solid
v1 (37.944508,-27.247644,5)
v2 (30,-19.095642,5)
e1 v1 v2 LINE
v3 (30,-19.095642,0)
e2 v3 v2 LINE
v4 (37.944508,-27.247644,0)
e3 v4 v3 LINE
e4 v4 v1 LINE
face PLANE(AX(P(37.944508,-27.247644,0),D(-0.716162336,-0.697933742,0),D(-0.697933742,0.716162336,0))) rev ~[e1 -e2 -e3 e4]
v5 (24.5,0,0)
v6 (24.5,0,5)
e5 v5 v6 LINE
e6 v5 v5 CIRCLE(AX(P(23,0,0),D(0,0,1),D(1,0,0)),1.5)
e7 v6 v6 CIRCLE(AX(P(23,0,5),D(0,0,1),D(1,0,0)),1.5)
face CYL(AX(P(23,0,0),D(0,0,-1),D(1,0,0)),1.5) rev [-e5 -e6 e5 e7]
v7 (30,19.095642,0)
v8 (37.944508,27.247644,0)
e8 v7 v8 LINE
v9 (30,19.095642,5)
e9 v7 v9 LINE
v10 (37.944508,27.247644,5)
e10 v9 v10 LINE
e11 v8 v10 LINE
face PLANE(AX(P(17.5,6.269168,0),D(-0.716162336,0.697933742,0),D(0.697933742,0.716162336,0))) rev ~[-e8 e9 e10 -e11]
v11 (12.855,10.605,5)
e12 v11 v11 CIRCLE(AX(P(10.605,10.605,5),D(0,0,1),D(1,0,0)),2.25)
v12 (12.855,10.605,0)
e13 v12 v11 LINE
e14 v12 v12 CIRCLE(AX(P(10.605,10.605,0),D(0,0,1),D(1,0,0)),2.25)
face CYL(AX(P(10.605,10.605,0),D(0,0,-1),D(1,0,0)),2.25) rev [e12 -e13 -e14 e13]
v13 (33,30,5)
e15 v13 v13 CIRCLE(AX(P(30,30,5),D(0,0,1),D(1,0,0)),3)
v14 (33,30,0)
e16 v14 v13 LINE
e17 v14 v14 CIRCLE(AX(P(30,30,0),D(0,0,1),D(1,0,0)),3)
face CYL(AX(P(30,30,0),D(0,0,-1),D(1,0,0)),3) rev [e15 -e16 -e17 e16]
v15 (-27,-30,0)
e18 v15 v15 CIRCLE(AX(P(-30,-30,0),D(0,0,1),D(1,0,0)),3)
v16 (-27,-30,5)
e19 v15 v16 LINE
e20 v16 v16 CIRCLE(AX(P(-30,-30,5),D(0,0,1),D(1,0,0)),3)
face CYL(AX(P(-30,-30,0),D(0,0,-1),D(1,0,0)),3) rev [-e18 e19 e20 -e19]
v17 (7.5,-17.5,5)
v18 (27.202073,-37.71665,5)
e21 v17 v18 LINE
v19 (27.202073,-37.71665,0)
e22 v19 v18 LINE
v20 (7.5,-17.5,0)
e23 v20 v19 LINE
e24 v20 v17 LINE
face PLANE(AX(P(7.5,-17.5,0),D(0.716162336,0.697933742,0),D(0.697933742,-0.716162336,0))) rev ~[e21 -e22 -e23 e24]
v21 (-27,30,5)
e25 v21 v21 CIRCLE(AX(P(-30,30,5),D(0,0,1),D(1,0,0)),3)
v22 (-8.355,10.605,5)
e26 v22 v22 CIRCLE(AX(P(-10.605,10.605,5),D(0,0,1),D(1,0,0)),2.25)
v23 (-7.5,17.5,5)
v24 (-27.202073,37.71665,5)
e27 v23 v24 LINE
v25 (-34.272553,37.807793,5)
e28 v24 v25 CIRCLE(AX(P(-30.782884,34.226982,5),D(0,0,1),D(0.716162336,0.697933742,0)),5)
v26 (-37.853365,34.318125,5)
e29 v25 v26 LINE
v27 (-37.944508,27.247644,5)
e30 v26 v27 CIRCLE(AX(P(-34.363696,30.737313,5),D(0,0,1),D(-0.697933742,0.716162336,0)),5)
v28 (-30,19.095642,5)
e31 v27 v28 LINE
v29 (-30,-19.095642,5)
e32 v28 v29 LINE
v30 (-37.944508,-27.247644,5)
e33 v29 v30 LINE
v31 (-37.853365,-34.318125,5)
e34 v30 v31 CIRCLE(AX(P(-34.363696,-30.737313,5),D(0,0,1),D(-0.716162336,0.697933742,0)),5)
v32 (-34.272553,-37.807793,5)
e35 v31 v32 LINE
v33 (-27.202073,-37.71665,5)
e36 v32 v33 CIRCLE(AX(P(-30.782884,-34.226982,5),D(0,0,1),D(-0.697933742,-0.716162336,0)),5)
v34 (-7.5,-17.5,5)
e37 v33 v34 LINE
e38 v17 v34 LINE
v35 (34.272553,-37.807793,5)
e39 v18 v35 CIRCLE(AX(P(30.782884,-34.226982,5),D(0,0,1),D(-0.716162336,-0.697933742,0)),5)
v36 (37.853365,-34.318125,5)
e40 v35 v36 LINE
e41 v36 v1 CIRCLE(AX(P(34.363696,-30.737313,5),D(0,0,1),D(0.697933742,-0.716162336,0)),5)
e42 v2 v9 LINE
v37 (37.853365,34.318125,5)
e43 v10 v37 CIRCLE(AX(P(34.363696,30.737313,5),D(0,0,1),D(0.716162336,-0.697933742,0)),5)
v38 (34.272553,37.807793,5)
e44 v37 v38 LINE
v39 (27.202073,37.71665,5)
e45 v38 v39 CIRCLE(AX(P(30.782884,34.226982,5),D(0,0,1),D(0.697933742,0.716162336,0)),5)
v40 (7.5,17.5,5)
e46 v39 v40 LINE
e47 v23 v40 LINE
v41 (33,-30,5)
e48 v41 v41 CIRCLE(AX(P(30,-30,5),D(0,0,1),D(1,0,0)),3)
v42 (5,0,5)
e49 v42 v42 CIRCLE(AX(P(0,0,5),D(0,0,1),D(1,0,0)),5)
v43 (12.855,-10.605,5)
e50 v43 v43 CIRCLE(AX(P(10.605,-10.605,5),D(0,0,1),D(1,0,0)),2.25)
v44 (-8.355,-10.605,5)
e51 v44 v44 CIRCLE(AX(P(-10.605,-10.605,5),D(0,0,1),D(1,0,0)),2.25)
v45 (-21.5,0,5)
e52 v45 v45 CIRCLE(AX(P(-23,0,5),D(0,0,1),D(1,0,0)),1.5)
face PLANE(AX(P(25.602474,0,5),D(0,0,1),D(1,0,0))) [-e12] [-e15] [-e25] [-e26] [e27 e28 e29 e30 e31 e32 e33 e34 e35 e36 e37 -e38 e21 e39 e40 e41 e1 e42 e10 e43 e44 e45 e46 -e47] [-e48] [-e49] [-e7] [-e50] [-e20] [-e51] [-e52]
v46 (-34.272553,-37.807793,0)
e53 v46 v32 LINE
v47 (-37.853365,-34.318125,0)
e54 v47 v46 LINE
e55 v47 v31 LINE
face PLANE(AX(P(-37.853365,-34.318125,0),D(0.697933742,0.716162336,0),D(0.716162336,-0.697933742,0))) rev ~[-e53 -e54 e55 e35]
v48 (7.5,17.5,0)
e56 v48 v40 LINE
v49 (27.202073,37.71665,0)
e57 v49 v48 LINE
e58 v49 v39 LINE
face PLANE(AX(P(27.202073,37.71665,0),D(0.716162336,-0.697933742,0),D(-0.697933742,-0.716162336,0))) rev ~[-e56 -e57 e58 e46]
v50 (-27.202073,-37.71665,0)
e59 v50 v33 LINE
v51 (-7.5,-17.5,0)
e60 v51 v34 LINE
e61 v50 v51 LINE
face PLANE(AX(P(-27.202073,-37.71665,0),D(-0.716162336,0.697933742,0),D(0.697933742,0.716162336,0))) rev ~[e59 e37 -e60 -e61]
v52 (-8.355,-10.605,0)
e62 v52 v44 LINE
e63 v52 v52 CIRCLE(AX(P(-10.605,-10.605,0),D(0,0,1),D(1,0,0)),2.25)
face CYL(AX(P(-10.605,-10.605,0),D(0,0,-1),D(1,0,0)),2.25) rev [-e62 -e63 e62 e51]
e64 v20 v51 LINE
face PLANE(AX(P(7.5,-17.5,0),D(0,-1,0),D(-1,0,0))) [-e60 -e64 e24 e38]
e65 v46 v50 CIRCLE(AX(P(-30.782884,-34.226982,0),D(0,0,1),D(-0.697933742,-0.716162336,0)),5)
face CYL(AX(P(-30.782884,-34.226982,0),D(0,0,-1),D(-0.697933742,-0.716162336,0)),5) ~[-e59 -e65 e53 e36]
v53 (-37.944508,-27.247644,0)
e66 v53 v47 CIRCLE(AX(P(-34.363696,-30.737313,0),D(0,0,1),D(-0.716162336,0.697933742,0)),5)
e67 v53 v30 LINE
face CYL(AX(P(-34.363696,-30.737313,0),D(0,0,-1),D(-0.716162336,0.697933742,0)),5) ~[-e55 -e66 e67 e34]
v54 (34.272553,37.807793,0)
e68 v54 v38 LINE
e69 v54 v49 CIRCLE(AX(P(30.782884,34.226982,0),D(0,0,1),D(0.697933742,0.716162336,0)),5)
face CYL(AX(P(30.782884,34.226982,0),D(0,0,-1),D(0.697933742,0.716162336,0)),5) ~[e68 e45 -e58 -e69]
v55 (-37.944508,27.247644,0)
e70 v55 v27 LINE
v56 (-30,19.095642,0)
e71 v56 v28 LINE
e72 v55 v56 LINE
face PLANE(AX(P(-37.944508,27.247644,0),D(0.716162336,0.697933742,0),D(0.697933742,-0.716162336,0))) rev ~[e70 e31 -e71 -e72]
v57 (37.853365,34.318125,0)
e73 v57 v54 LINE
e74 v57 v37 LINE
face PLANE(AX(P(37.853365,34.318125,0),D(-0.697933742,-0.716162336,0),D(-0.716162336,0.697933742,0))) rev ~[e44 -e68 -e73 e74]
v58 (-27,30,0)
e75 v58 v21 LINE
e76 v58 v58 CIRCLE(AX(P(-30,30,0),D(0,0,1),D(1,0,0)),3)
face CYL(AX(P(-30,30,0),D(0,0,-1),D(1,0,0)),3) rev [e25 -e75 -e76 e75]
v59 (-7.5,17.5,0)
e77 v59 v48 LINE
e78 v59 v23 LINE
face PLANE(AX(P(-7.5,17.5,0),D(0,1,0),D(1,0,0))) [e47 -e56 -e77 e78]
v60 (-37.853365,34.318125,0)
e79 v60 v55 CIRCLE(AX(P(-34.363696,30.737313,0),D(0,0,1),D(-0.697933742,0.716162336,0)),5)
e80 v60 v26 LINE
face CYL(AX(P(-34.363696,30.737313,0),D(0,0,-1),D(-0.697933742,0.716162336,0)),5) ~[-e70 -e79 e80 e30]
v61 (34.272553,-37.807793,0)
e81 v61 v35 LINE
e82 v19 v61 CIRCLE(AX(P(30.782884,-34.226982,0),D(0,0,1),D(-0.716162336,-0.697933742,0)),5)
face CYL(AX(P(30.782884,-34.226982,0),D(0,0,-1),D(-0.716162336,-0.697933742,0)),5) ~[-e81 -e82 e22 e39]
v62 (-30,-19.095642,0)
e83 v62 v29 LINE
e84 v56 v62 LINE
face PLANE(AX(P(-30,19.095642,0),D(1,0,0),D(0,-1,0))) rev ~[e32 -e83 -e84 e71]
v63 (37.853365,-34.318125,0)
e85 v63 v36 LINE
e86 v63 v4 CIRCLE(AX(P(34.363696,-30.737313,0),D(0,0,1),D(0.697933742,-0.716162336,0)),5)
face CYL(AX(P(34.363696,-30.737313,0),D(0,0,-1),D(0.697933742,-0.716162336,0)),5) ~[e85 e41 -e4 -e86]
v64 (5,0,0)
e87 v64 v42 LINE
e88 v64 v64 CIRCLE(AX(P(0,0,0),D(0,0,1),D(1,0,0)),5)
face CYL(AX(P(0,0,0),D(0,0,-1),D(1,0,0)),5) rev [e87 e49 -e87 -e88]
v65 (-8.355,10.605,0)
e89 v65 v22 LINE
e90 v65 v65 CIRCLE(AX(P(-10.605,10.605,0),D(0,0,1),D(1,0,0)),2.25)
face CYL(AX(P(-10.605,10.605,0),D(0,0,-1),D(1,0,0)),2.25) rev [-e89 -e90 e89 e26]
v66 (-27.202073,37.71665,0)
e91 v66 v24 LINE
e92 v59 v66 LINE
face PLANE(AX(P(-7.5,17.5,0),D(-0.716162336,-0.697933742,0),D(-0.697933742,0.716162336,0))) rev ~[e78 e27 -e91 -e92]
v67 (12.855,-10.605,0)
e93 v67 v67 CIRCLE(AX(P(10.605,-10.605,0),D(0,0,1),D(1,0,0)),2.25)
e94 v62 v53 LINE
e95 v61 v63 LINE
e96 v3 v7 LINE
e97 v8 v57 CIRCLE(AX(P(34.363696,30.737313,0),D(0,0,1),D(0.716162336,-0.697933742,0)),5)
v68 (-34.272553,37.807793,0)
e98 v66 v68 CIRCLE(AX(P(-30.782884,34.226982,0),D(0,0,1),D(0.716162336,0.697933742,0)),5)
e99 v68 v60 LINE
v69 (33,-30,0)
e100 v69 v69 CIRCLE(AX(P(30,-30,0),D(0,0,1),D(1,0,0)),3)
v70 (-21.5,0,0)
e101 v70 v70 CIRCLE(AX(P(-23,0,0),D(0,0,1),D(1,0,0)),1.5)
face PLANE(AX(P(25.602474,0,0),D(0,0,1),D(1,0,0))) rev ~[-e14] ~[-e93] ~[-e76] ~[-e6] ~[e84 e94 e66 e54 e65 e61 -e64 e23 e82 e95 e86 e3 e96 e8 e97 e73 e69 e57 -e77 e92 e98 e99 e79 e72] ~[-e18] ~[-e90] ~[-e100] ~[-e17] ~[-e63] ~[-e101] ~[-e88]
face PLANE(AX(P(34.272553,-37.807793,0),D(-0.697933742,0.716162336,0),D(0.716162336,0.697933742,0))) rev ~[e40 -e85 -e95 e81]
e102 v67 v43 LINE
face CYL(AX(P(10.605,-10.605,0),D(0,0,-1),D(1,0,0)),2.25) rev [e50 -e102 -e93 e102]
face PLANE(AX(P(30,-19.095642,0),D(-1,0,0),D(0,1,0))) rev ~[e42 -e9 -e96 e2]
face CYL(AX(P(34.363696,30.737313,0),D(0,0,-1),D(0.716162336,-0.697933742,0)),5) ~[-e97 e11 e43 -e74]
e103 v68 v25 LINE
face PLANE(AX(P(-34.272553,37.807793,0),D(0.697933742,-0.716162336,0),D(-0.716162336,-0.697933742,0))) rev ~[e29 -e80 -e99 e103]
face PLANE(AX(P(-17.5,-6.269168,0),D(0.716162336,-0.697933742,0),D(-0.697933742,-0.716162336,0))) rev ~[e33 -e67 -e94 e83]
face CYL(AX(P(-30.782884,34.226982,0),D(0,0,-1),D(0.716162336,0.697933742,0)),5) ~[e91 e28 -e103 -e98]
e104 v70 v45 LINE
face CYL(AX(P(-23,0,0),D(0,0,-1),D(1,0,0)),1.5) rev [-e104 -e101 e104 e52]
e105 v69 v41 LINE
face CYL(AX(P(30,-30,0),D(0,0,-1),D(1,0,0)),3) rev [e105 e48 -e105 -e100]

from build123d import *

# Parameters (mm, degrees)
ESQUISSE1_R        = 8
ESQUISSE1_R_2      = 2.25
BOSS_EXTRU_1_DEPTH = 5
BOSS_EXTRU_2_START = -5
ESQUISSE2_R        = 3
BOSS_EXTRU_2_DEPTH = 5
BOSS_EXTRU_3_START = -5
ESQUISSE3_R        = 1.5
ESQUISSE3_R_2      = 8
ESQUISSE3_R_3      = 5
BOSS_EXTRU_3_DEPTH = 5


with BuildPart() as part:
    # Esquisse1 → Boss.-Extru.1 (new body)
    with BuildSketch(Plane.XY):
        with BuildLine():
            Line((7.5, -17.5), (-7.5, -17.5))
            ThreePointArc((-7.5, -17.5), (-14.571067812, -14.571067812), (-17.5, -7.5))
            Line((-17.5, -7.5), (-17.5, 7.5))
            ThreePointArc((-17.5, 7.5), (-14.571067812, 14.571067812), (-7.5, 17.5))
            Line((-7.5, 17.5), (7.5, 17.5))
            ThreePointArc((7.5, 17.5), (14.571067812, 14.571067812), (17.5, 7.5))
            Line((17.5, 7.5), (17.5, -7.5))
            ThreePointArc((17.5, -7.5), (14.571067812, -14.571067812), (7.5, -17.5))
        make_face()
        Circle(ESQUISSE1_R, mode=Mode.SUBTRACT)
        with Locations((-10.605, 10.605)):
            Circle(ESQUISSE1_R_2, mode=Mode.SUBTRACT)
        with Locations((10.605, 10.605)):
            Circle(ESQUISSE1_R_2, mode=Mode.SUBTRACT)
        with Locations((-10.605, -10.605)):
            Circle(ESQUISSE1_R_2, mode=Mode.SUBTRACT)
        with Locations((10.605, -10.605)):
            Circle(ESQUISSE1_R_2, mode=Mode.SUBTRACT)
    extrude(amount=BOSS_EXTRU_1_DEPTH)

    # Esquisse2 → Boss.-Extru.2 (add)
    # profile 1 of 4: a face of its own
    with BuildSketch(Plane.XY.offset(5).offset(BOSS_EXTRU_2_START)):
        with BuildLine():
            Line((-37.944507823, 27.247644267), (-17.5, 6.269167951))
            Line((-17.5, 6.269167951), (-17.5, 7.5))
            ThreePointArc((-17.5, 7.5), (-14.571067812, 14.571067812), (-7.5, 17.5))
            Line((-7.5, 17.5), (-27.202072783, 37.7166504))
            ThreePointArc((-27.202072783, 37.7166504), (-30.718436651, 39.22656632), (-34.272553174, 37.807793369))
            Line((-34.272553174, 37.807793369), (-37.853364854, 34.318124658))
            ThreePointArc((-37.853364854, 34.318124658), (-39.363280773, 30.80176079), (-37.944507823, 27.247644267))
        make_face()
        with Locations((-30, 30)):
            Circle(ESQUISSE2_R, mode=Mode.SUBTRACT)
    # profile 2 of 4: a face of its own
    with BuildSketch(Plane.XY.offset(5).offset(BOSS_EXTRU_2_START)):
        with BuildLine():
            ThreePointArc((37.944507823, 27.247644267), (39.363280773, 30.80176079), (37.853364854, 34.318124658))
            Line((37.853364854, 34.318124658), (34.272553174, 37.807793369))
            ThreePointArc((34.272553174, 37.807793369), (30.718436651, 39.22656632), (27.202072783, 37.7166504))
            Line((27.202072783, 37.7166504), (7.5, 17.5))
            ThreePointArc((7.5, 17.5), (14.571067812, 14.571067812), (17.5, 7.5))
            Line((17.5, 7.5), (17.5, 6.269167951))
            Line((17.5, 6.269167951), (37.944507823, 27.247644267))
        make_face()
        with Locations((30, 30)):
            Circle(ESQUISSE2_R, mode=Mode.SUBTRACT)
    # profile 3 of 4: a face of its own
    with BuildSketch(Plane.XY.offset(5).offset(BOSS_EXTRU_2_START)):
        with BuildLine():
            Line((37.944507823, -27.247644267), (17.5, -6.269167951))
            Line((17.5, -6.269167951), (17.5, -7.5))
            ThreePointArc((17.5, -7.5), (14.571067812, -14.571067812), (7.5, -17.5))
            Line((7.5, -17.5), (27.202072783, -37.7166504))
            ThreePointArc((27.202072783, -37.7166504), (30.718436651, -39.22656632), (34.272553174, -37.807793369))
            Line((34.272553174, -37.807793369), (37.853364854, -34.318124658))
            ThreePointArc((37.853364854, -34.318124658), (39.363280773, -30.80176079), (37.944507823, -27.247644267))
        make_face()
        with Locations((30, -30)):
            Circle(ESQUISSE2_R, mode=Mode.SUBTRACT)
    # profile 4 of 4: a face of its own
    with BuildSketch(Plane.XY.offset(5).offset(BOSS_EXTRU_2_START)):
        with BuildLine():
            Line((-17.5, -7.5), (-17.5, -6.269167951))
            Line((-17.5, -6.269167951), (-37.944507823, -27.247644267))
            ThreePointArc((-37.944507823, -27.247644267), (-39.363280773, -30.80176079), (-37.853364854, -34.318124658))
            Line((-37.853364854, -34.318124658), (-34.272553174, -37.807793369))
            ThreePointArc((-34.272553174, -37.807793369), (-30.718436651, -39.22656632), (-27.202072783, -37.7166504))
            Line((-27.202072783, -37.7166504), (-7.5, -17.5))
            ThreePointArc((-7.5, -17.5), (-14.571067812, -14.571067812), (-17.5, -7.5))
        make_face()
        with Locations((-30, -30)):
            Circle(ESQUISSE2_R, mode=Mode.SUBTRACT)
    extrude(amount=BOSS_EXTRU_2_DEPTH)

    # Esquisse3 → Boss.-Extru.3 (add)
    # profile 1 of 3: a face of its own
    with BuildSketch(Plane.XY.offset(5).offset(BOSS_EXTRU_3_START)):
        Polygon((17.5, 6.269167951), (17.5, -6.269167951), (30, -19.095642241), (30, 19.095642241), align=None)
        with Locations((23, 0)):
            Circle(ESQUISSE3_R, mode=Mode.SUBTRACT)
    # profile 2 of 3: a face of its own
    with BuildSketch(Plane.XY.offset(5).offset(BOSS_EXTRU_3_START)):
        Polygon((-30, -19.095642241), (-17.5, -6.269167951), (-17.5, 6.269167951), (-30, 19.095642241), align=None)
        with Locations((-23, 0)):
            Circle(ESQUISSE3_R, mode=Mode.SUBTRACT)
    # profile 3 of 3: a face of its own
    with BuildSketch(Plane.XY.offset(5).offset(BOSS_EXTRU_3_START)):
        Circle(ESQUISSE3_R_2)
        Circle(ESQUISSE3_R_3, mode=Mode.SUBTRACT)
    extrude(amount=BOSS_EXTRU_3_DEPTH)


solid = part.part
